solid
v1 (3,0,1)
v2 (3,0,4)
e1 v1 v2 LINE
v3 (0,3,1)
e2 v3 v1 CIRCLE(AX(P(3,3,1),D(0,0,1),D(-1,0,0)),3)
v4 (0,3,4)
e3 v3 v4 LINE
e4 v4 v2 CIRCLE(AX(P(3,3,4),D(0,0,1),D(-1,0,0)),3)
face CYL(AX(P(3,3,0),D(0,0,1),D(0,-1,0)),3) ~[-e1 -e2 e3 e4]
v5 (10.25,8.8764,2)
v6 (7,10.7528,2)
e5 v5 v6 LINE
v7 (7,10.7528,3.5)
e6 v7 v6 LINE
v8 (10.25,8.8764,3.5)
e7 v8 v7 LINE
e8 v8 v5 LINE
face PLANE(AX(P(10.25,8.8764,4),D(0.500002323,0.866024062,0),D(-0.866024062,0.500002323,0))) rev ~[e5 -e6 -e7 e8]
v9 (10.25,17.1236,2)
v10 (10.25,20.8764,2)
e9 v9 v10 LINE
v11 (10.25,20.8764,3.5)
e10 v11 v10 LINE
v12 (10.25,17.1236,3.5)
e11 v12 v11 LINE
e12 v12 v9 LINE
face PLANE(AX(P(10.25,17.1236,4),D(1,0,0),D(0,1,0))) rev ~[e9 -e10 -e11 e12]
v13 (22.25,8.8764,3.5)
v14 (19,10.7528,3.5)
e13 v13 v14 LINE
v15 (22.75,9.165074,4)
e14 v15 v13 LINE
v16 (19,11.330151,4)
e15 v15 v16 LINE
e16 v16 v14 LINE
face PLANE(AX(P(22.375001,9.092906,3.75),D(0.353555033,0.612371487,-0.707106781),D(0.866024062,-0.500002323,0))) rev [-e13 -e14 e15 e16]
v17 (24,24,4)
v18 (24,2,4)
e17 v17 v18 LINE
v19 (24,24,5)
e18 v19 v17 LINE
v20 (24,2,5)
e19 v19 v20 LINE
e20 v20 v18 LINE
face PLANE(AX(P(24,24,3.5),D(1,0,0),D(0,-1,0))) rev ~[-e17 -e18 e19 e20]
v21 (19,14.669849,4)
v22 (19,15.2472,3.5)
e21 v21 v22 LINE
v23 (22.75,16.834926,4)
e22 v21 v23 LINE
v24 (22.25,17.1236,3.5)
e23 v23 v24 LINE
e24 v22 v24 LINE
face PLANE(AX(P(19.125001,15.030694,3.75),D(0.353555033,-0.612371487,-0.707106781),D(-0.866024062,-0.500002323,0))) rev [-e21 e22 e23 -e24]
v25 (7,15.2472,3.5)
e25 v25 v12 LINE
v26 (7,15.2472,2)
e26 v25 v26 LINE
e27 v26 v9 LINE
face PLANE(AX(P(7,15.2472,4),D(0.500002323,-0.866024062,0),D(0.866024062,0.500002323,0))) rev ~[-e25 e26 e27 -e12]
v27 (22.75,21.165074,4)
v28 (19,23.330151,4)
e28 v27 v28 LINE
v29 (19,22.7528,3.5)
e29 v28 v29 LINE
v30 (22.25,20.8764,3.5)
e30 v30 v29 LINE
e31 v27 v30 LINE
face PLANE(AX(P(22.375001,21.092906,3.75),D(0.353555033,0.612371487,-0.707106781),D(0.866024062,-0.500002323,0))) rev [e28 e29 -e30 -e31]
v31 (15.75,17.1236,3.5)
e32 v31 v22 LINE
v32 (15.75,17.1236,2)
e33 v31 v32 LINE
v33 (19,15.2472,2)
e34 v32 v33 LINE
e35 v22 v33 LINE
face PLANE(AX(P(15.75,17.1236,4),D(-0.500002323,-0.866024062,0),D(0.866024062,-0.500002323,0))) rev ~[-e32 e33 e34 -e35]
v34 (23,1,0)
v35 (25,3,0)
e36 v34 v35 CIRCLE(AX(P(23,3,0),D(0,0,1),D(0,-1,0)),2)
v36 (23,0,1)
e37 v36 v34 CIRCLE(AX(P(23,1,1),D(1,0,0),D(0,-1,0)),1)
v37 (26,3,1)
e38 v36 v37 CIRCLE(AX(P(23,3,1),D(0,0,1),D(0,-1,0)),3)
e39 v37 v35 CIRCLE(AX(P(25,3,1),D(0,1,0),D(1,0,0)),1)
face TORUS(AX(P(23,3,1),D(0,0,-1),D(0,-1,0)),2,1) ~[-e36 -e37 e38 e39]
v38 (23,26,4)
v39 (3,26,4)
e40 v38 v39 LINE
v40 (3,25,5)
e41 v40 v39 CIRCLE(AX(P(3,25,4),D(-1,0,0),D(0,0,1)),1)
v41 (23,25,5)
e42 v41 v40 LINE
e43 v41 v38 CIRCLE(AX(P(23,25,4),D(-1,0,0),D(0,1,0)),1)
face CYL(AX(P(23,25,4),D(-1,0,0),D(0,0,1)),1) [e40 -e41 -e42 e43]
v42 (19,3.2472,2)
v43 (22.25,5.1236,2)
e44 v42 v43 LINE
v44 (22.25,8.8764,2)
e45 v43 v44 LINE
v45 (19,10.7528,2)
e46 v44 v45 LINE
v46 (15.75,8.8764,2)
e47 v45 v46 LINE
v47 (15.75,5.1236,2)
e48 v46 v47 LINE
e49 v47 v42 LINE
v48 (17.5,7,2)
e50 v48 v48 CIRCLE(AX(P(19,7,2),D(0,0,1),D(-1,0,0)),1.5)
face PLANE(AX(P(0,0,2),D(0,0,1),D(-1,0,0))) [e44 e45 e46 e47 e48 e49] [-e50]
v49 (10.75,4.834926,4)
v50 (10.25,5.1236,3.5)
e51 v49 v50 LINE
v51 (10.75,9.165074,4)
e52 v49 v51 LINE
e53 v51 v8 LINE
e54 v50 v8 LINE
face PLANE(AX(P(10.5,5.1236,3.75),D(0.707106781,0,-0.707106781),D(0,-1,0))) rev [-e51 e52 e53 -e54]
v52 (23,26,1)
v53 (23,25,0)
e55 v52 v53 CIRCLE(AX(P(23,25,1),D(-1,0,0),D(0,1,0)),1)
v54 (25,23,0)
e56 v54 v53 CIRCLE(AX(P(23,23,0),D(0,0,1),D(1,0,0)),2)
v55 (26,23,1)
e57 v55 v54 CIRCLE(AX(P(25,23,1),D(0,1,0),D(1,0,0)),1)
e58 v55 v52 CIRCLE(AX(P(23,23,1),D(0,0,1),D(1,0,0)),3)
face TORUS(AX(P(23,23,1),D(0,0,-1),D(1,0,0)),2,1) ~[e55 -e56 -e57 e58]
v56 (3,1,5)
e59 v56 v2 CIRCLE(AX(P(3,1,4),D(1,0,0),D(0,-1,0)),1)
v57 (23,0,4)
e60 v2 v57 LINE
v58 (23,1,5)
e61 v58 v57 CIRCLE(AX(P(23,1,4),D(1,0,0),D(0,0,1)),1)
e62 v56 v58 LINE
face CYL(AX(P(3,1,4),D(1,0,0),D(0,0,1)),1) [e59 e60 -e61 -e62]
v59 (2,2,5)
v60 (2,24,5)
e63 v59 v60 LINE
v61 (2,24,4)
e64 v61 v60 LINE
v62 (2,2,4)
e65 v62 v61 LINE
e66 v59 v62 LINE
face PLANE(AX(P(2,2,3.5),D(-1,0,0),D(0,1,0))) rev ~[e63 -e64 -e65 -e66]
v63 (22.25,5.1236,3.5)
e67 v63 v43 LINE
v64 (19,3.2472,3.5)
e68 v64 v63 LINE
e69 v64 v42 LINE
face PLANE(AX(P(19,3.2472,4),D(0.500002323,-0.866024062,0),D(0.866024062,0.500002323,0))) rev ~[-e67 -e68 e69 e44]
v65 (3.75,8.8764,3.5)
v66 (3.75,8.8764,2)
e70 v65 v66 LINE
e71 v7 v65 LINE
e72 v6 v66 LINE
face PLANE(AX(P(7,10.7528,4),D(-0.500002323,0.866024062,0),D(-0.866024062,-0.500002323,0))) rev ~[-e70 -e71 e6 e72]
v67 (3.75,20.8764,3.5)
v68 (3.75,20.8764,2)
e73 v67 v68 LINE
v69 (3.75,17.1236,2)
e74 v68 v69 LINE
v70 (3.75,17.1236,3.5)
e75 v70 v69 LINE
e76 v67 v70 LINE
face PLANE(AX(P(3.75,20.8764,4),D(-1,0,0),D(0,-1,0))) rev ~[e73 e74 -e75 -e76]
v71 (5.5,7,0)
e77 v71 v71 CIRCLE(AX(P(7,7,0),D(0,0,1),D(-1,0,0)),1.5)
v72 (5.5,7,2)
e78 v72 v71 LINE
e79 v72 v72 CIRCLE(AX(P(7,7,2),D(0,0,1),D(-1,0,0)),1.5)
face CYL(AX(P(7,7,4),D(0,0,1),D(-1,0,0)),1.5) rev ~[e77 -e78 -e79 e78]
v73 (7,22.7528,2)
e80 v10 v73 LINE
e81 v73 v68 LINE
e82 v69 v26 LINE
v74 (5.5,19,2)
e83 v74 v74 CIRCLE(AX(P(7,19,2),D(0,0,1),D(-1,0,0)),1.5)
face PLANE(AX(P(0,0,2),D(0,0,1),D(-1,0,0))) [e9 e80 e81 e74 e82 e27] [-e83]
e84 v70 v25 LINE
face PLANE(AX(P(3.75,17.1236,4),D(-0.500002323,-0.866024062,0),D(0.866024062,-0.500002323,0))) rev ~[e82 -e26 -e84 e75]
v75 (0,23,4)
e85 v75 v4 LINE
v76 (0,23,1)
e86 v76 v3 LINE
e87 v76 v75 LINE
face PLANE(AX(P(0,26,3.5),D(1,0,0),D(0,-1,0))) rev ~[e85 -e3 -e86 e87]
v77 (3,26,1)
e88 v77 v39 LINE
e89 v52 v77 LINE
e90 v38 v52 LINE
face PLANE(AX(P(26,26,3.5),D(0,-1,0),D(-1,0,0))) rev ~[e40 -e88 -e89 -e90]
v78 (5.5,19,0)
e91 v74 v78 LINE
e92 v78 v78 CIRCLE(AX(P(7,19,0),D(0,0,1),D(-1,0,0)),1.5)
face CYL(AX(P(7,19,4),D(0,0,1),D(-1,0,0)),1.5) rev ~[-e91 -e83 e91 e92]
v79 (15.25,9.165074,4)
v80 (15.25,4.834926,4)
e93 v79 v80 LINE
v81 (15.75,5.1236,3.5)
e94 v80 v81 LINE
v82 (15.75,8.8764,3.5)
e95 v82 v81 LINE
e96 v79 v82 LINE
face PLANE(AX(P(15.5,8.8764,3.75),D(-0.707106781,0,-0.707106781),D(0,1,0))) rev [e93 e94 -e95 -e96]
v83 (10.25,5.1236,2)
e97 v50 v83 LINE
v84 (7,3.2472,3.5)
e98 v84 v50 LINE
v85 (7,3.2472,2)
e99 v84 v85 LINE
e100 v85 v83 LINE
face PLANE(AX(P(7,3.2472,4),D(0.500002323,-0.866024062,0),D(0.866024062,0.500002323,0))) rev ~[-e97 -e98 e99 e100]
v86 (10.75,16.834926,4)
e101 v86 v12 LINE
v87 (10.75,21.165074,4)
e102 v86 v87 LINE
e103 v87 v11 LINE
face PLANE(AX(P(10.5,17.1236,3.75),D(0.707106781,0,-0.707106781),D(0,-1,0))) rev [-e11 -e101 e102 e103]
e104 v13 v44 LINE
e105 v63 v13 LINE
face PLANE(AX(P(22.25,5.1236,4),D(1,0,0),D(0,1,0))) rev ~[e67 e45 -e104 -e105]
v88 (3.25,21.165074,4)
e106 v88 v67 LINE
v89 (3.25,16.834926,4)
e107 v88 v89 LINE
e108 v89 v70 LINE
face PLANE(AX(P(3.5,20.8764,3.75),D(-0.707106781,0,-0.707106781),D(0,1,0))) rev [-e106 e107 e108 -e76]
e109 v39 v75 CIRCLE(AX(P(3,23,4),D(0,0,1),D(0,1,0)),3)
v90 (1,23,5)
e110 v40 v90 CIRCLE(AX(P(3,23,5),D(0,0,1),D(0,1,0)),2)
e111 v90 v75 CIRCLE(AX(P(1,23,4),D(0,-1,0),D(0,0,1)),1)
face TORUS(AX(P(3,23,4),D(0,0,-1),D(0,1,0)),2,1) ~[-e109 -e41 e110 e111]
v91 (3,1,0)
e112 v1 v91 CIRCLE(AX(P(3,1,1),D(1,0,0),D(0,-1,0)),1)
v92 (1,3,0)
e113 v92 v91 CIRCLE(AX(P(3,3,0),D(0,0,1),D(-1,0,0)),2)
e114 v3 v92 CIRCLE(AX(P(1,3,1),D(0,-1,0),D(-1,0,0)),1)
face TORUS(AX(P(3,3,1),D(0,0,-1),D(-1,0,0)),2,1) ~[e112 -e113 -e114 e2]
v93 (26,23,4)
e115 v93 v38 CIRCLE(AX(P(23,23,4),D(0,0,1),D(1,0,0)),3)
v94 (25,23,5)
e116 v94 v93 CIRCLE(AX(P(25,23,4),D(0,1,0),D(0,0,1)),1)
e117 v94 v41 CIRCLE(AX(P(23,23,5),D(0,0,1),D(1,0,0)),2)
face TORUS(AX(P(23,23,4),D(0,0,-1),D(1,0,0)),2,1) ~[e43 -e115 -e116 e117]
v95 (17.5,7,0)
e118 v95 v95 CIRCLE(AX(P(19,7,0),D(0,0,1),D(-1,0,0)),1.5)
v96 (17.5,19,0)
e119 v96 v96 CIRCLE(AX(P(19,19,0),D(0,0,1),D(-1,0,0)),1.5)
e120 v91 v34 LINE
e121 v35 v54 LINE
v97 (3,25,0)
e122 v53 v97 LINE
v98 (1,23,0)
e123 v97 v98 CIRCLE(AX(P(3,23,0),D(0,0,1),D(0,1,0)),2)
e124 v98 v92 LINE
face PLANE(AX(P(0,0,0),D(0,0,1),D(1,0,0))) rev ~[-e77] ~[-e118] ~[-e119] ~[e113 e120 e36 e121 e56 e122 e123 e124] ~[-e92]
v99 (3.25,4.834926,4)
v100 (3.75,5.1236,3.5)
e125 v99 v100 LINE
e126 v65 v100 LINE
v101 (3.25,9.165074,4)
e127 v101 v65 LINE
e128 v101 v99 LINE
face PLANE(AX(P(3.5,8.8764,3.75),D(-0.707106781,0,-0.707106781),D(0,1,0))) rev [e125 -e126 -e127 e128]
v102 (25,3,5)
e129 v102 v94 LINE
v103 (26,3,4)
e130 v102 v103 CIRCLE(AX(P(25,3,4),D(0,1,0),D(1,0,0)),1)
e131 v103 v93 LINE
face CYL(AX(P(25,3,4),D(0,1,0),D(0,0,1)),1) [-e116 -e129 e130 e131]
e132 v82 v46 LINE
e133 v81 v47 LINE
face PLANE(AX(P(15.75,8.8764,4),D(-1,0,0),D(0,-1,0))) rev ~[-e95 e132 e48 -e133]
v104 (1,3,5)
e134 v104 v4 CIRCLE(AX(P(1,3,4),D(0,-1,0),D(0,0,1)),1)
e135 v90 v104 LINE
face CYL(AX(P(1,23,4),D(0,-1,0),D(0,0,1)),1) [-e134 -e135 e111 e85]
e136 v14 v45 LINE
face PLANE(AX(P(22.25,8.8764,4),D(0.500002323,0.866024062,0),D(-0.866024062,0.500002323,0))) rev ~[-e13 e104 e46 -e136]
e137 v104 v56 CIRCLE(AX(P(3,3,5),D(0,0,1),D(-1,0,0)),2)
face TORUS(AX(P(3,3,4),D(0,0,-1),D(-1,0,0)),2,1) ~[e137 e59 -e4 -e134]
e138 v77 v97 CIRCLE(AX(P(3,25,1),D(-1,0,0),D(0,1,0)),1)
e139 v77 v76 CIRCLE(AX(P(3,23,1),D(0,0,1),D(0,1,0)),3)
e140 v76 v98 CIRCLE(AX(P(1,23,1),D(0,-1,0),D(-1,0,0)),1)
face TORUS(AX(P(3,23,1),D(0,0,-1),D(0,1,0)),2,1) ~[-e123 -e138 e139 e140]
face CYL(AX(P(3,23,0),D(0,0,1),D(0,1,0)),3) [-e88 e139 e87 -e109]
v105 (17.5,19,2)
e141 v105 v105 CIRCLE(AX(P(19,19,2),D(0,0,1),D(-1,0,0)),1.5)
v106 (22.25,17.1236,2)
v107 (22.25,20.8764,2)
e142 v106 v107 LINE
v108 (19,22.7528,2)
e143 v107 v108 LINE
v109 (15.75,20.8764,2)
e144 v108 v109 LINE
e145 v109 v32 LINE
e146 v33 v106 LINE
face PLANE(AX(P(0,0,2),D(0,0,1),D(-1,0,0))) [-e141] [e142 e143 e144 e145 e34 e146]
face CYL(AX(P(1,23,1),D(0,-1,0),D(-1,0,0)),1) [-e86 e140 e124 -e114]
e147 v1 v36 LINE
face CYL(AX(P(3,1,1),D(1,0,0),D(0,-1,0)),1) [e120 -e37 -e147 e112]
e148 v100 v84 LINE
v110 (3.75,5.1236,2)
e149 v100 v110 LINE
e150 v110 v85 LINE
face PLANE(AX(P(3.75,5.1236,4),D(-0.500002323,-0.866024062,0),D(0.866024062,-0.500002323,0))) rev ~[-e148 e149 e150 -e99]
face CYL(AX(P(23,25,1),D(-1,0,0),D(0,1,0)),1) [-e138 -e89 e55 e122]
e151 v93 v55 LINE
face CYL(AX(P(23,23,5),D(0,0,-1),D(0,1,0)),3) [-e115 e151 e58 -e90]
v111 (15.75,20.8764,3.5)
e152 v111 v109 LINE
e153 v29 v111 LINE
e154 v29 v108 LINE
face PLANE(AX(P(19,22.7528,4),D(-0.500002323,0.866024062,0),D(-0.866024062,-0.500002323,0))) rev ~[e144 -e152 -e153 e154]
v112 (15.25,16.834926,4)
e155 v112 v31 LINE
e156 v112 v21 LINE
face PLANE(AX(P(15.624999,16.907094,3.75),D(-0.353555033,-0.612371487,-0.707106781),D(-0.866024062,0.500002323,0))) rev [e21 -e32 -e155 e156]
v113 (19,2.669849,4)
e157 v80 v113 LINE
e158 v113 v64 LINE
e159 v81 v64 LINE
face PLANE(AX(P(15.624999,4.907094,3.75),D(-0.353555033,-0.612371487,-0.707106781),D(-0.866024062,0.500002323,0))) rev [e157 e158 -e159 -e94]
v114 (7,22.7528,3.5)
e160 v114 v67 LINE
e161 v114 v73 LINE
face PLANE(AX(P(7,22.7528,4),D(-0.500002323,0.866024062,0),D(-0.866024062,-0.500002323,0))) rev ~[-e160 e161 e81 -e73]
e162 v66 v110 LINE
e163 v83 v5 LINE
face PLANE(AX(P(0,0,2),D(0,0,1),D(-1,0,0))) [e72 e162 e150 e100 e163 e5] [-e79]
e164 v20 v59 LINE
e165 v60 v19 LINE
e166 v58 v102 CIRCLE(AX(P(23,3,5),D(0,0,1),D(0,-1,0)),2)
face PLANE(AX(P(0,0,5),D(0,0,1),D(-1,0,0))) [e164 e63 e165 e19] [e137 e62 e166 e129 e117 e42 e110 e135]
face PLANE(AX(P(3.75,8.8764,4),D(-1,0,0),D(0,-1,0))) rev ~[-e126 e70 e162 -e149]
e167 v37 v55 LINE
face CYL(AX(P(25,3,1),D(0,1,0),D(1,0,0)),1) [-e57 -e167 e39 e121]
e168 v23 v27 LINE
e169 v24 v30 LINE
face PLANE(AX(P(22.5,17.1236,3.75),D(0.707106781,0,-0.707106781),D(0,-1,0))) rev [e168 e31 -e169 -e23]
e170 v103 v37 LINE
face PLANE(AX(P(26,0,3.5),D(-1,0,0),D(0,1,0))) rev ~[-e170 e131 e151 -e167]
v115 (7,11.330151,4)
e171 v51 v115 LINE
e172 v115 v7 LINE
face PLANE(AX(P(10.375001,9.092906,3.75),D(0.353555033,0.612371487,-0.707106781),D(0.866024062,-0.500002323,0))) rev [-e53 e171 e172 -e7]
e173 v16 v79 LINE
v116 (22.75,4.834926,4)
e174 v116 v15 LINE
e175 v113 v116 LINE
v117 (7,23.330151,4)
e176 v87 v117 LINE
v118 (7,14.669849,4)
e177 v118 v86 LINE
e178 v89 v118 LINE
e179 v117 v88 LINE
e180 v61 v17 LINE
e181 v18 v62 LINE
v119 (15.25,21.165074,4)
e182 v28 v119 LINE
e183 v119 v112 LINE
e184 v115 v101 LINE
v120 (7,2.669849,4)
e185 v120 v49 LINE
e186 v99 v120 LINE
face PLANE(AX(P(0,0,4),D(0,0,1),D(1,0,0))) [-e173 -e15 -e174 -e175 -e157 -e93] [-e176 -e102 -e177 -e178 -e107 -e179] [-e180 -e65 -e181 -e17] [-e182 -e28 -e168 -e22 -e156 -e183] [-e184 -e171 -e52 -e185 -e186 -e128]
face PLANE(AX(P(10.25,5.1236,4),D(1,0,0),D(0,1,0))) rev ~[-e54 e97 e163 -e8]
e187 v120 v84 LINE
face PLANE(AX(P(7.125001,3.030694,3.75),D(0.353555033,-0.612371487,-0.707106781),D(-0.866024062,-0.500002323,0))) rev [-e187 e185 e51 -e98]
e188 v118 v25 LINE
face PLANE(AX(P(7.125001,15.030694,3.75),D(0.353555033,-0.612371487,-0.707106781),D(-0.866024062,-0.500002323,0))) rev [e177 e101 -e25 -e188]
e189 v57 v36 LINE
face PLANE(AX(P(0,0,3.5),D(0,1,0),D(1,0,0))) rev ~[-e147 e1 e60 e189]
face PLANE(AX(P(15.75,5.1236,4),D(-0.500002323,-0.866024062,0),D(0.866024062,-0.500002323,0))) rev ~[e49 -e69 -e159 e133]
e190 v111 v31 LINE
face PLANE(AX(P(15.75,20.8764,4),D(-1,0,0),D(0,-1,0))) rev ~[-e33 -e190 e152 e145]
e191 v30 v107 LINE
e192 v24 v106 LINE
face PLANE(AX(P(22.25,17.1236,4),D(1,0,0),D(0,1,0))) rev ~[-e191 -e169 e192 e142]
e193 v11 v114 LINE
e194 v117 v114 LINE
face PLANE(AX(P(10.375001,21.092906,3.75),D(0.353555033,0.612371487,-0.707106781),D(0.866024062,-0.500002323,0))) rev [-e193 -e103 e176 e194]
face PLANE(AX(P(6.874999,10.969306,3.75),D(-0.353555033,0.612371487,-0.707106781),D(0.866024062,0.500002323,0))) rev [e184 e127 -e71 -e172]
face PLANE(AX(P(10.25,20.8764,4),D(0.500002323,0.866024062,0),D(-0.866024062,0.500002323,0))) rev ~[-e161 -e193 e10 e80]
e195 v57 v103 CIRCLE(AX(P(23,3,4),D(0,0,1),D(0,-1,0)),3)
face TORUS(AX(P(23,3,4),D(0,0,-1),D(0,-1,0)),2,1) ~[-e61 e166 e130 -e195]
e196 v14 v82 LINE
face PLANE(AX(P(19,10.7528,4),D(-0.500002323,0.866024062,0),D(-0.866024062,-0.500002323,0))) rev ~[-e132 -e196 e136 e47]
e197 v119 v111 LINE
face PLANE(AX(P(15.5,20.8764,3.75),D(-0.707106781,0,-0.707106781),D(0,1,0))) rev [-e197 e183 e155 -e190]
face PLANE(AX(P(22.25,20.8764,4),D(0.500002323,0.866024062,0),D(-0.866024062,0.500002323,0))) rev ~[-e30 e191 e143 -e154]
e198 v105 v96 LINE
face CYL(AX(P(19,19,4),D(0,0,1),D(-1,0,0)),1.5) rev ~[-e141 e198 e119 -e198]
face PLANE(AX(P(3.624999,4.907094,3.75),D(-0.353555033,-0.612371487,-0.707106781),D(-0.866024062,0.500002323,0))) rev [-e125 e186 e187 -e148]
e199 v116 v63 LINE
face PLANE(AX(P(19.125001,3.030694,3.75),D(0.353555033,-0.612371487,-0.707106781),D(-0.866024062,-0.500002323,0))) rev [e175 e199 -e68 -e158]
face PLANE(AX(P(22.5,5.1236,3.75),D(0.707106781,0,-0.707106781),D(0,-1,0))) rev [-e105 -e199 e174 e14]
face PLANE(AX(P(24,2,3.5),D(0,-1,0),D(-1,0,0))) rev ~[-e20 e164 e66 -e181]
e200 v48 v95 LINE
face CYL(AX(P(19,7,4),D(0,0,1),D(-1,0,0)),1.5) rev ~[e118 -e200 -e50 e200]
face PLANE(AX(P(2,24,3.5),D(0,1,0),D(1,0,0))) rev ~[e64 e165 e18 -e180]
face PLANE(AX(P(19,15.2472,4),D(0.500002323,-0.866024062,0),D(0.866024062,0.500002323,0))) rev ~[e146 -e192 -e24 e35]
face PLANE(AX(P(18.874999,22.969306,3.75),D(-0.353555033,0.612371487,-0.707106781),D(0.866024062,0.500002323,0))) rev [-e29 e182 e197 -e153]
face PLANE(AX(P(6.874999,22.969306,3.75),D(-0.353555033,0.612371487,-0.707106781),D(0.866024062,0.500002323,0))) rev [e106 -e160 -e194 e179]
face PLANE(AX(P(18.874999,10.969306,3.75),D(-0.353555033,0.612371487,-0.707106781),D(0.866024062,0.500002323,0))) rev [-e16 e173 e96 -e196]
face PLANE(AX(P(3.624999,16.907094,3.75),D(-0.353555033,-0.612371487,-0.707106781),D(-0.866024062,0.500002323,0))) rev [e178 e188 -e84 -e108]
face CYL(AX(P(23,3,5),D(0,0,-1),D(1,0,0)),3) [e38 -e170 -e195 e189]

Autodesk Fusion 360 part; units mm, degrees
sketch "Sketch1" plane through (0, 0, 0) normal (0, 0, 1) x (1, 0, 0)
  line L0 (0, 0) -> (26, 0)
  line L1 (26, 0) -> (26, 26)
  line L2 (26, 26) -> (0, 26)
  line L3 (0, 26) -> (0, 0)
  dimension "d1" = 26
  dimension "d2" = 26
extrude "Extrude1" add sketch "Sketch1" along normal blind 2
sketch "Sketch2" plane through (0, 0, 2) normal (0, 0, 1) x (-1, 0, 0)
  line L0 (0, -26) -> (0, 0)
  line L1 (0, 0) -> (-26, 0)
  line L2 (-26, 0) -> (-26, -26)
  line L3 (-26, -26) -> (0, -26)
  line L4 (-2, -24) -> (-24, -24)
  line L5 (-24, -24) -> (-24, -2)
  line L6 (-24, -2) -> (-2, -2)
  line L7 (-2, -2) -> (-2, -24)
extrude "Extrude2" add sketch "Sketch2" along normal blind 1.5
extrude "Extrude3" add 1 faces at (0.6667, 9.3333, 3.5) along direction (0, 0, 1) blind 2
extrude "Extrude4" add 1 faces at (9.3333, 16.6667, 2) along direction (0, 0, 1) blind 2
extrude "Extrude5" cut 1 faces at (0.6667, 9.3333, 5.5) along direction (0, 0, -1) blind 0.5
fillet "Fillet1" radius 3 4 edges at (0, 26, 2.5) (26, 26, 2.5) (0, 0, 2.5) (26, 0, 2.5)
fillet "Fillet2" radius 1 16 edges at (0, 13, 5) (0.8787, 25.1213, 5) (13, 26, 5) (25.1213, 25.1213, 5) (26, 13, 5) (25.1213, 0.8787, 5) (13, 0, 5) (0.8787, 0.8787, 5) (26, 13, 0) (25.1213, 25.1213, 0) (13, 26, 0) (0.8787, 25.1213, 0) (0, 13, 0) (0.8787, 0.8787, 0) (13, 0, 0) (25.1213, 0.8787, 0)
sketch "Sketch3" plane through (0, 0, 4) normal (0, 0, 1) x (-1, 0, 0)
  line L0 (-24, -2) -> (-24, -24)
  line L1 (-24, -24) -> (-2, -24)
  line L2 (-2, -24) -> (-2, -2)
  line L3 (-2, -2) -> (-24, -2)
  circle A0 centre (-7, -19) radius 1.5
  circle A1 centre (-19, -19) radius 1.5
  circle A2 centre (-19, -7) radius 1.5
  circle A3 centre (-7, -7) radius 1.5
  dimension "d16" = 3
  dimension "d17" = 3
  dimension "d18" = 3
  dimension "d19" = 3
extrude "Extrude6" cut sketch "Sketch3" against normal blind 4 contours A0 | A1 | A2 | A3
sketch "Sketch4" plane through (0, 0, 4) normal (0, 0, 1) x (-1, 0, 0)
  circle A0 centre (-7, -19) radius 1.5
  circle A1 centre (-7, -7) radius 1.5
  circle A2 centre (-19, -19) radius 1.5
  circle A3 centre (-19, -7) radius 1.5
  line L0 (-24, -2) -> (-24, -24)
  line L1 (-24, -24) -> (-2, -24)
  line L2 (-2, -24) -> (-2, -2)
  line L3 (-2, -2) -> (-24, -2)
  line L4 (-10.25, -20.8764) -> (-7, -22.7528)
  line L5 (-7, -22.7528) -> (-3.75, -20.8764)
  line L6 (-3.75, -20.8764) -> (-3.75, -17.1236)
  line L7 (-3.75, -17.1236) -> (-7, -15.2472)
  line L8 (-7, -15.2472) -> (-10.25, -17.1236)
  line L9 (-10.25, -17.1236) -> (-10.25, -20.8764)
  line L10 (-22.25, -20.8764) -> (-19, -22.7528)
  line L11 (-19, -22.7528) -> (-15.75, -20.8764)
  line L12 (-15.75, -20.8764) -> (-15.75, -17.1236)
  line L13 (-15.75, -17.1236) -> (-19, -15.2472)
  line L14 (-19, -15.2472) -> (-22.25, -17.1236)
  line L15 (-22.25, -17.1236) -> (-22.25, -20.8764)
  line L16 (-10.25, -8.8764) -> (-7, -10.7528)
  line L17 (-7, -10.7528) -> (-3.75, -8.8764)
  line L18 (-3.75, -8.8764) -> (-3.75, -5.1236)
  line L19 (-3.75, -5.1236) -> (-7, -3.2472)
  line L20 (-7, -3.2472) -> (-10.25, -5.1236)
  line L21 (-10.25, -5.1236) -> (-10.25, -8.8764)
  line L22 (-22.25, -8.8764) -> (-19, -10.7528)
  line L23 (-19, -10.7528) -> (-15.75, -8.8764)
  line L24 (-15.75, -8.8764) -> (-15.75, -5.1236)
  line L25 (-15.75, -5.1236) -> (-19, -3.2472)
  line L26 (-19, -3.2472) -> (-22.25, -5.1236)
  line L27 (-22.25, -5.1236) -> (-22.25, -8.8764)
  point P0 (-7, -19)
  point P1 (-19, -19)
  point P2 (-7, -7)
  point P3 (-19, -7)
  dimension "d22" = 3.25
  dimension "d23" = 3.25
  dimension "d24" = 3.25
  dimension "d25" = 3.25
extrude "Extrude7" cut sketch "Sketch4" against normal blind 2 contours L4 L5 L6 L7 L8 L9 | L10 L11 L12 L13 L14 L15 | L16 L17 L18 L19 L20 L21 | L22 L23 L24 L25 L26 L27
chamfer "Chamfer1" distance 0.5 angle 45 24 edges at (8.625, 4.1854, 4) (5.375, 4.1854, 4) (3.75, 7, 4) (5.375, 9.8146, 4) (8.625, 9.8146, 4) (10.25, 7, 4) (8.625, 16.1854, 4) (5.375, 16.1854, 4) (3.75, 19, 4) (5.375, 21.8146, 4) (8.625, 21.8146, 4) (10.25, 19, 4) (17.375, 21.8146, 4) (15.75, 19, 4) (17.375, 16.1854, 4) (20.625, 16.1854, 4) (22.25, 19, 4) (20.625, 21.8146, 4) (17.375, 9.8146, 4) (15.75, 7, 4) (17.375, 4.1854, 4) (20.625, 4.1854, 4) (22.25, 7, 4) (20.625, 9.8146, 4)
